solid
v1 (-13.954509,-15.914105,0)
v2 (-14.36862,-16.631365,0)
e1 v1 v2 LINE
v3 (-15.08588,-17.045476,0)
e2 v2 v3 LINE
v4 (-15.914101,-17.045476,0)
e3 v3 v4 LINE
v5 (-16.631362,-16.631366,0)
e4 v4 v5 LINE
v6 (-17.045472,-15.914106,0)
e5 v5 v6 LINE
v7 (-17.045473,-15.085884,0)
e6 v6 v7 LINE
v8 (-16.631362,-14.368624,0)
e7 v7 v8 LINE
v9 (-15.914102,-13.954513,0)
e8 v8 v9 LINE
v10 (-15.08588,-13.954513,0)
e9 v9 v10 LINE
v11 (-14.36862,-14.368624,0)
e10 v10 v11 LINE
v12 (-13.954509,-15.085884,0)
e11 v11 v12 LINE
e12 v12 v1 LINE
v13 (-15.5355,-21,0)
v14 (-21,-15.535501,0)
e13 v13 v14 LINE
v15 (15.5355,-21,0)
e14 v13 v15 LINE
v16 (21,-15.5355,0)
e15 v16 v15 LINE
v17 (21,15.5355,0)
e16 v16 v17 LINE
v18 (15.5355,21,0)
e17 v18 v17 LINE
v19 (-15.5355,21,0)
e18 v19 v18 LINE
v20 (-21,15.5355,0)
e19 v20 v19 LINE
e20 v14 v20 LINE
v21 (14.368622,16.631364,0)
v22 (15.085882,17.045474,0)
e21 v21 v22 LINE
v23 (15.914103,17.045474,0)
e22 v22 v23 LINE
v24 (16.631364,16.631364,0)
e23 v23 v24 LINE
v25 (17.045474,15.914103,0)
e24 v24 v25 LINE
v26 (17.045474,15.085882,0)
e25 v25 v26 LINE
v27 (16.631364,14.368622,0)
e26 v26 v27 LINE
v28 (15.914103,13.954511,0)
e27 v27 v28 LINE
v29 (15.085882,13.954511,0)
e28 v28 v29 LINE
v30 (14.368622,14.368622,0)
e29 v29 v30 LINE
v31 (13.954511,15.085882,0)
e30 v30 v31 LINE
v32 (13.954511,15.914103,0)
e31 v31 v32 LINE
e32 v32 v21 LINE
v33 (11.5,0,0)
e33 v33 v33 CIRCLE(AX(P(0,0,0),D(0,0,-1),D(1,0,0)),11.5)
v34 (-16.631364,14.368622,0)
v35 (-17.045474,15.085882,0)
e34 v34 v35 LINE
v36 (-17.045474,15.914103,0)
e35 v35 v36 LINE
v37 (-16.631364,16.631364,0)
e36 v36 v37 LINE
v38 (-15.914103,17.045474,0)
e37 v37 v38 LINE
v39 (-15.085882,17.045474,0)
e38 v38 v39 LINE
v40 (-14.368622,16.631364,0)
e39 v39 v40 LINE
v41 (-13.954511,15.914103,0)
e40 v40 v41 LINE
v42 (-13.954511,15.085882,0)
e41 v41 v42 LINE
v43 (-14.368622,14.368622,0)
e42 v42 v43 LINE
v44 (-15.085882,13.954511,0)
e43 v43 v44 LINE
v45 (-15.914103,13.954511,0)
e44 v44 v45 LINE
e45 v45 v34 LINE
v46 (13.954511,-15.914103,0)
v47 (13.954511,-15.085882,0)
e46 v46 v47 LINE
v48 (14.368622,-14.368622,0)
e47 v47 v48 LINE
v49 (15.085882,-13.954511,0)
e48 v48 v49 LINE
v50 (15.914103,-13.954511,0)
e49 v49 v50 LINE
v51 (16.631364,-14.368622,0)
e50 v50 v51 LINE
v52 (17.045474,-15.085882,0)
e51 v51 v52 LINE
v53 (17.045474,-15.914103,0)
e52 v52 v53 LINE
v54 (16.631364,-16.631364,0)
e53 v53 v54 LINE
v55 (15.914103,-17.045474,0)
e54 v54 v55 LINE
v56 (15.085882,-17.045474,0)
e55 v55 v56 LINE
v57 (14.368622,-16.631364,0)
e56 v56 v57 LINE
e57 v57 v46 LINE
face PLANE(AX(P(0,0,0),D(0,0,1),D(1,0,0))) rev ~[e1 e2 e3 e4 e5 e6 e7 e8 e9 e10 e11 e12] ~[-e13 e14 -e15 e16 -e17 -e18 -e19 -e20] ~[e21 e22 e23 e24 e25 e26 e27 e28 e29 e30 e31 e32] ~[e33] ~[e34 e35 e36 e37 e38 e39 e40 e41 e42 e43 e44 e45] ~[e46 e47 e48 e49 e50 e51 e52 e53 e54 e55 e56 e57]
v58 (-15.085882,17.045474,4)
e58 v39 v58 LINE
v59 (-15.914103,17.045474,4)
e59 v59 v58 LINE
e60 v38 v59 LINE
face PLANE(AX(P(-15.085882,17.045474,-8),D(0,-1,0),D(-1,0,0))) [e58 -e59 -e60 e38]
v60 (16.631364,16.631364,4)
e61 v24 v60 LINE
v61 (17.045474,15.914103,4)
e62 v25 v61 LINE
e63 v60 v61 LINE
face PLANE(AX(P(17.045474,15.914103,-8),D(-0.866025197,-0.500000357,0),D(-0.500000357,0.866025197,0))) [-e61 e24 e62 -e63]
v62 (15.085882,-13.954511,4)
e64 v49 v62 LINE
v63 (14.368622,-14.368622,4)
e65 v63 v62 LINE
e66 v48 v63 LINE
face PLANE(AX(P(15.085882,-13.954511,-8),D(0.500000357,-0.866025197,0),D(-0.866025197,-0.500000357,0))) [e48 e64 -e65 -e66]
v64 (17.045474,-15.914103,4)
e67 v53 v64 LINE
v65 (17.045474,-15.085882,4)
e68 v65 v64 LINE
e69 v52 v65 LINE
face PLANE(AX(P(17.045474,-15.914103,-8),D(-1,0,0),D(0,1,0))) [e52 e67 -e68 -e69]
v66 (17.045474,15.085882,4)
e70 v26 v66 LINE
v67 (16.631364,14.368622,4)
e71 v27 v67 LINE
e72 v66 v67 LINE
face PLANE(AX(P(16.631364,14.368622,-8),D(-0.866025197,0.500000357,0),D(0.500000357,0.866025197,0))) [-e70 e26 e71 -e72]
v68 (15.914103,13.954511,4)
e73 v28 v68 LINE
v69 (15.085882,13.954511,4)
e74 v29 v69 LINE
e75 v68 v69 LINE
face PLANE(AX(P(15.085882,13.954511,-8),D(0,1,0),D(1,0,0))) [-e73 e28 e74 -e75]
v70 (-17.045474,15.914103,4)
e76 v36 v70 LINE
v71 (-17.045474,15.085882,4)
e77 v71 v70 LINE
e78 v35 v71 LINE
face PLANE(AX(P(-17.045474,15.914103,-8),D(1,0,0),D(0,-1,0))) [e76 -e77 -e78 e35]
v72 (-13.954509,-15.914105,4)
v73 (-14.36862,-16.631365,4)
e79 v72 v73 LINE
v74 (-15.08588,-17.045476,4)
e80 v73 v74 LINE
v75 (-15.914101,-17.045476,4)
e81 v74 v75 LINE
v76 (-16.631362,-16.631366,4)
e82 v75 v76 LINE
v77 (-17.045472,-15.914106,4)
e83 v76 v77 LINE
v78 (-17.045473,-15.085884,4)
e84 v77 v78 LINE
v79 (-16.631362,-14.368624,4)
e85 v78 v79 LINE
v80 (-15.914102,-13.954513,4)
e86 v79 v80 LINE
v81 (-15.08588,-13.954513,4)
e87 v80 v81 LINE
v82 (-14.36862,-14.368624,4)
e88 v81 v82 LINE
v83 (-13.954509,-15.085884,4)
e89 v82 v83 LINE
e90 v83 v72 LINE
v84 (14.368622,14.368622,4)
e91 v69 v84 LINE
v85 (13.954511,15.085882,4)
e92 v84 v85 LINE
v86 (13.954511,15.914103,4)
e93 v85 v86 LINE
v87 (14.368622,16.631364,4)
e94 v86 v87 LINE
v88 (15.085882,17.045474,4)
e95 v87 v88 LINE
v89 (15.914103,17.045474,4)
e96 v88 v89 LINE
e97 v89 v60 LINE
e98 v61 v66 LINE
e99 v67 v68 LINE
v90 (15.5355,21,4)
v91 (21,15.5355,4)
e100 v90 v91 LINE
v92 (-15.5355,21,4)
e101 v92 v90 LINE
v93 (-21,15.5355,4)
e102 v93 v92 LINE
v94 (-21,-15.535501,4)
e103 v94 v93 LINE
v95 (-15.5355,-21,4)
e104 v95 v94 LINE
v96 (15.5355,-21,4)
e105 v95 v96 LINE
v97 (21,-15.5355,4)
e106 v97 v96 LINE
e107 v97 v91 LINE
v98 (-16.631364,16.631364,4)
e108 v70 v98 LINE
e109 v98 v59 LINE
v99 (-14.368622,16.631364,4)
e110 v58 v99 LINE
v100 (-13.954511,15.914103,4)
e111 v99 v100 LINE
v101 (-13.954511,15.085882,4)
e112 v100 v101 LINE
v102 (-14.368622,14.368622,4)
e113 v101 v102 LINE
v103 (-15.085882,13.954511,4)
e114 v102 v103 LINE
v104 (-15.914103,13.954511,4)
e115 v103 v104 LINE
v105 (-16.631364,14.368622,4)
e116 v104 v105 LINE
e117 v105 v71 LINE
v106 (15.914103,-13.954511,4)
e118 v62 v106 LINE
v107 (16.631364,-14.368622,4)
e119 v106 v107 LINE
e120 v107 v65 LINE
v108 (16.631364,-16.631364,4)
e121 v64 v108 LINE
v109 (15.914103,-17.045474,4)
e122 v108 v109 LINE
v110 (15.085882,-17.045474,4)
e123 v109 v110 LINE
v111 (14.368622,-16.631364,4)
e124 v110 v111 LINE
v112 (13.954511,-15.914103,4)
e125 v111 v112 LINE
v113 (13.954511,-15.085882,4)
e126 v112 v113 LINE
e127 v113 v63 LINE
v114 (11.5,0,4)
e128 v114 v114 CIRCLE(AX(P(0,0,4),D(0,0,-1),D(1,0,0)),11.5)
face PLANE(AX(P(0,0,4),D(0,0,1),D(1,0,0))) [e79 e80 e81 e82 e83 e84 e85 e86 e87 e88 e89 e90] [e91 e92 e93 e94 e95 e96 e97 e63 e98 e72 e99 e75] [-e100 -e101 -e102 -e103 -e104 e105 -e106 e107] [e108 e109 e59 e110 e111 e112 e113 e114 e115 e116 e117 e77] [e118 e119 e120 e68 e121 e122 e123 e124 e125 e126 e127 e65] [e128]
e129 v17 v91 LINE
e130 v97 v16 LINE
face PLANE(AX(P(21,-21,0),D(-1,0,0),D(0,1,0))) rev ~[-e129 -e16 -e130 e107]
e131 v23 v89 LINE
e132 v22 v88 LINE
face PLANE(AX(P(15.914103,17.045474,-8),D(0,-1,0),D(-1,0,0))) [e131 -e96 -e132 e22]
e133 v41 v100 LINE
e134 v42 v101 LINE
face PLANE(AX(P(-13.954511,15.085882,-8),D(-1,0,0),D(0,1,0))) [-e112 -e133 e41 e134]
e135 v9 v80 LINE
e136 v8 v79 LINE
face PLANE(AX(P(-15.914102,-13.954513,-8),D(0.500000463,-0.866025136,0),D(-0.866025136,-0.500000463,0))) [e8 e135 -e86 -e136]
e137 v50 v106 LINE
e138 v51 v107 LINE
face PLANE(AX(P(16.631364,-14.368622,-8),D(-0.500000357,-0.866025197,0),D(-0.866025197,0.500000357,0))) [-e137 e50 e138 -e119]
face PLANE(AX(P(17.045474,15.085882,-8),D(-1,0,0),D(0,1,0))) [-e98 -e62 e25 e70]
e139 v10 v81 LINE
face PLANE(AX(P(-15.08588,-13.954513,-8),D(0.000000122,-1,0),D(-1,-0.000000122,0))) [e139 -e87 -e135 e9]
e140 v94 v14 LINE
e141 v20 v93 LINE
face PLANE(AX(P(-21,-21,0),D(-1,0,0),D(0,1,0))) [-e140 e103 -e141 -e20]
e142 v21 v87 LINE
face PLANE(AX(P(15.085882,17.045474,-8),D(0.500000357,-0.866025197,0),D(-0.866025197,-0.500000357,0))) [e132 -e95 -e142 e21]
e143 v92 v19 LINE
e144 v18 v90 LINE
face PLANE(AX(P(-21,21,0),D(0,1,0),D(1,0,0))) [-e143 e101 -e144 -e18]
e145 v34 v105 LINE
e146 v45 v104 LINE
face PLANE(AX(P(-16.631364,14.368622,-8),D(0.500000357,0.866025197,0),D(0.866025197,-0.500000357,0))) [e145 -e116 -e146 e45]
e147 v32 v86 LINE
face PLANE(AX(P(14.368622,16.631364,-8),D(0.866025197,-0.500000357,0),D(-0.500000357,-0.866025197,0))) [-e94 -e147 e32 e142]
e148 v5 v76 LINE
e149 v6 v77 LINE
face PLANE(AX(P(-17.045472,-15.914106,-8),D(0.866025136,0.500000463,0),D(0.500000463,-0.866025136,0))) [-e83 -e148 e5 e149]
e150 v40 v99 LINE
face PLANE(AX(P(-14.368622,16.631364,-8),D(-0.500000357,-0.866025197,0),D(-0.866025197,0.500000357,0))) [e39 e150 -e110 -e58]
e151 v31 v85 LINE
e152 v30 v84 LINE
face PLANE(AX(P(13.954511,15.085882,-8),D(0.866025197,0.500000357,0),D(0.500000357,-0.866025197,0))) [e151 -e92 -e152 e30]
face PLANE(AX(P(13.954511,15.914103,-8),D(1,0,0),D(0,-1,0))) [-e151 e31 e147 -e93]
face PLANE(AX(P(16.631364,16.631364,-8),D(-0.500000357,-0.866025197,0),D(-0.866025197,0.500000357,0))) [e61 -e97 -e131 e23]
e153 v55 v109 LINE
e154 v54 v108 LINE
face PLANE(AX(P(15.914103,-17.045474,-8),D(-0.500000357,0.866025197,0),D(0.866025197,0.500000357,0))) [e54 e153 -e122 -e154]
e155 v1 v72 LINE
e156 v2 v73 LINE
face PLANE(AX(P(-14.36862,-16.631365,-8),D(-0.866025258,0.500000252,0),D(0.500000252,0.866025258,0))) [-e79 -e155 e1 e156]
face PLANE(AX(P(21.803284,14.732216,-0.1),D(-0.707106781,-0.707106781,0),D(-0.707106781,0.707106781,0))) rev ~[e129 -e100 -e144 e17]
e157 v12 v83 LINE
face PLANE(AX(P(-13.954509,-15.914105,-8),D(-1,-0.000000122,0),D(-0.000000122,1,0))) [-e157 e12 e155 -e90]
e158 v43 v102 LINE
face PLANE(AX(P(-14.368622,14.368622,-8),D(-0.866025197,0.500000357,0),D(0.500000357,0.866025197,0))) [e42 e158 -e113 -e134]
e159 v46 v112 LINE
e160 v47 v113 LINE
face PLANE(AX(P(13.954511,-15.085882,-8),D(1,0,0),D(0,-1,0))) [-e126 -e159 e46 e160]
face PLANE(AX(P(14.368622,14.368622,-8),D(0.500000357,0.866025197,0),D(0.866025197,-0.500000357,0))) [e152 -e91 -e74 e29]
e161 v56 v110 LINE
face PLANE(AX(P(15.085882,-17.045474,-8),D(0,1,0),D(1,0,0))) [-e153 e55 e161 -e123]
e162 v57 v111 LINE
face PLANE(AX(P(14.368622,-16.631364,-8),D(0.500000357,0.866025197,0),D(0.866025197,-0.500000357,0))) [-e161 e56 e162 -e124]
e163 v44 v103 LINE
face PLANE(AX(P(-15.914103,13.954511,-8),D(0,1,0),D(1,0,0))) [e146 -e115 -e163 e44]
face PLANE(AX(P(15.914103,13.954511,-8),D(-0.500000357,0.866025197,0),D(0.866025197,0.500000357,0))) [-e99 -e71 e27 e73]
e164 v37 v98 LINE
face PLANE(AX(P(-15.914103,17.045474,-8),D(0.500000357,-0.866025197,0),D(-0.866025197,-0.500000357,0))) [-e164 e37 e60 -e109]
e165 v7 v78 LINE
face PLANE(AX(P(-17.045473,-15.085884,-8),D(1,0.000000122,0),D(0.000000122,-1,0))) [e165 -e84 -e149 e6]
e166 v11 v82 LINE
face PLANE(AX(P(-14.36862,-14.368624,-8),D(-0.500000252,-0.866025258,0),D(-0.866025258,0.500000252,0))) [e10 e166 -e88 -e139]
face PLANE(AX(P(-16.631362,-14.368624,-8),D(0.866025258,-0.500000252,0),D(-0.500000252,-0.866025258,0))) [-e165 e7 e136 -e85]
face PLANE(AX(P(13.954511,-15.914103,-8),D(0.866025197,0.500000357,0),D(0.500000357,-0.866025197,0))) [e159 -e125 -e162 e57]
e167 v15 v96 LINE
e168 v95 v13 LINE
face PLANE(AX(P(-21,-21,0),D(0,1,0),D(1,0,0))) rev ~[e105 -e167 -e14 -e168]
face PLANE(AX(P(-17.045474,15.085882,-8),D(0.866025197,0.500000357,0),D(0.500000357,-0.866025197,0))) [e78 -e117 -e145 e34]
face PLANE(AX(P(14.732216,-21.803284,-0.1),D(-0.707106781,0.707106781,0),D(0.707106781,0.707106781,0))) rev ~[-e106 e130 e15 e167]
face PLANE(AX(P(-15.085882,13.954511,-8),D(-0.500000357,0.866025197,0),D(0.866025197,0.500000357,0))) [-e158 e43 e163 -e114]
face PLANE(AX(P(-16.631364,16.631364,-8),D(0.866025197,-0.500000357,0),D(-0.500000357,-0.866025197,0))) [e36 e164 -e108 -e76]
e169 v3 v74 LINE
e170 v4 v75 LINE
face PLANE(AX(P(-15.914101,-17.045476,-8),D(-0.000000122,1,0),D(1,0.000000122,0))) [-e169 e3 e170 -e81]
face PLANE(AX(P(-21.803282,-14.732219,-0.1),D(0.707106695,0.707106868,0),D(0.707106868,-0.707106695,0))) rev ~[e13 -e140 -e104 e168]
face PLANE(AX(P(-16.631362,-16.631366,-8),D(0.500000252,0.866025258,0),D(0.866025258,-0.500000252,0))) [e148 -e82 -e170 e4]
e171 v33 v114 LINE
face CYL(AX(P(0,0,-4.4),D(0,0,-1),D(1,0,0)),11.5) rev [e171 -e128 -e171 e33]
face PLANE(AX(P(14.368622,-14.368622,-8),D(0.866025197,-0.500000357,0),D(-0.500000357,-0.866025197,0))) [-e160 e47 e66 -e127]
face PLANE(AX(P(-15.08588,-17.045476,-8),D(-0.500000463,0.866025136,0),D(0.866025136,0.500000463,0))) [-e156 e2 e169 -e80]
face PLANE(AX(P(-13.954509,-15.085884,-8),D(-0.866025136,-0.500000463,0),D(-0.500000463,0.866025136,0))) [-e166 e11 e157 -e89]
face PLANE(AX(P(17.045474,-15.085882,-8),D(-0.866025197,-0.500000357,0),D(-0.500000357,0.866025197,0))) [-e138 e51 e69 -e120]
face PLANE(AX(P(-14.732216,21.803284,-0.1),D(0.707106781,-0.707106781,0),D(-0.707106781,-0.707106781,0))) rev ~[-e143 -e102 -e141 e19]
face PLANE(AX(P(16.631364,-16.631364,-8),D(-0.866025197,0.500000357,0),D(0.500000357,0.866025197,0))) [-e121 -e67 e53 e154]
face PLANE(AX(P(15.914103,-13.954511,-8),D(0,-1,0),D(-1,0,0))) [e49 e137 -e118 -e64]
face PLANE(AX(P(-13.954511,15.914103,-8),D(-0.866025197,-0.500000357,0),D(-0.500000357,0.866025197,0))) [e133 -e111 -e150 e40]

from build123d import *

# Parameters (mm, degrees)
CYLINDER_R               = 11.5
CYLINDER_DEPTH           = 8.8
PRISM001_DEPTH           = 16
CUBE002_W                = 5
CUBE002_H                = 10
CUBE002_DEPTH            = 4.2
UNION001_PLACEMENT_ANGLE = 135
PRISM002_DEPTH           = 16
CUBE003_W                = 5
CUBE003_H                = 10
CUBE003_DEPTH            = 4.2
UNION002_PLACEMENT_ANGLE = 225.000007
PRISM003_DEPTH           = 16
CUBE004_W                = 5
CUBE004_H                = 10
CUBE004_DEPTH            = 4.2
UNION003_PLACEMENT_ANGLE = -45
PRISM_DEPTH              = 16
CUBE001_W                = 5
CUBE001_H                = 10
CUBE001_DEPTH            = 4.2
UNION_PLACEMENT_ANGLE    = 45
CUBE_W                   = 42
CUBE_H                   = 42
CUBE_DEPTH               = 4


with BuildPart() as cylinder:
    # cylinder → cylinder (new body)
    with BuildSketch(Plane.XY.offset(-4.4)):
        Circle(CYLINDER_R)
    extrude(amount=CYLINDER_DEPTH)


with BuildPart() as prism001:
    # prism001 → prism001 (new body)
    with BuildSketch(Plane(origin=(21.9203, 0, -8), x_dir=(1, 0, 0), z_dir=(0, 0, 1))):
        Polygon((1.6, 0), (1.385641, 0.8), (0.8, 1.385641), (0, 1.6), (-0.8, 1.385641), (-1.385641, 0.8), (-1.6, 0), (-1.385641, -0.8), (-0.8, -1.385641), (0, -1.6), (0.8, -1.385641), (1.385641, -0.8), align=None)
    extrude(amount=PRISM001_DEPTH)


with BuildPart() as union001:
    # cube002 → cube002 (new body)
    with BuildSketch(Plane(origin=(25.8345, -5, -0.1), x_dir=(1, 0, 0), z_dir=(0, 0, 1))):
        with Locations((2.5, 5)):
            Rectangle(CUBE002_W, CUBE002_H)
    extrude(amount=CUBE002_DEPTH)

    # union001: union prism001
    add(prism001.part)


with BuildPart() as union001_1:
    # union001 placement: moved
    add(union001.part.rotate(Axis((0, 0, 0), (0, 0, 1)), UNION001_PLACEMENT_ANGLE))


with BuildPart() as prism002:
    # prism002 → prism002 (new body)
    with BuildSketch(Plane(origin=(21.9203, 0, -8), x_dir=(1, 0, 0), z_dir=(0, 0, 1))):
        Polygon((1.6, 0), (1.385641, 0.8), (0.8, 1.385641), (0, 1.6), (-0.8, 1.385641), (-1.385641, 0.8), (-1.6, 0), (-1.385641, -0.8), (-0.8, -1.385641), (0, -1.6), (0.8, -1.385641), (1.385641, -0.8), align=None)
    extrude(amount=PRISM002_DEPTH)


with BuildPart() as union002:
    # cube003 → cube003 (new body)
    with BuildSketch(Plane(origin=(25.8345, -5, -0.1), x_dir=(1, 0, 0), z_dir=(0, 0, 1))):
        with Locations((2.5, 5)):
            Rectangle(CUBE003_W, CUBE003_H)
    extrude(amount=CUBE003_DEPTH)

    # union002: union prism002
    add(prism002.part)


with BuildPart() as union002_1:
    # union002 placement: moved
    add(union002.part.rotate(Axis((0, 0, 0), (0, 0, 1)), UNION002_PLACEMENT_ANGLE))


with BuildPart() as prism003:
    # prism003 → prism003 (new body)
    with BuildSketch(Plane(origin=(21.9203, 0, -8), x_dir=(1, 0, 0), z_dir=(0, 0, 1))):
        Polygon((1.6, 0), (1.385641, 0.8), (0.8, 1.385641), (0, 1.6), (-0.8, 1.385641), (-1.385641, 0.8), (-1.6, 0), (-1.385641, -0.8), (-0.8, -1.385641), (0, -1.6), (0.8, -1.385641), (1.385641, -0.8), align=None)
    extrude(amount=PRISM003_DEPTH)


with BuildPart() as union003:
    # cube004 → cube004 (new body)
    with BuildSketch(Plane(origin=(25.8345, -5, -0.1), x_dir=(1, 0, 0), z_dir=(0, 0, 1))):
        with Locations((2.5, 5)):
            Rectangle(CUBE004_W, CUBE004_H)
    extrude(amount=CUBE004_DEPTH)

    # union003: union prism003
    add(prism003.part)


with BuildPart() as union003_1:
    # union003 placement: moved
    add(union003.part.rotate(Axis((0, 0, 0), (0, 0, 1)), UNION003_PLACEMENT_ANGLE))


with BuildPart() as prism:
    # prism → prism (new body)
    with BuildSketch(Plane(origin=(21.9203, 0, -8), x_dir=(1, 0, 0), z_dir=(0, 0, 1))):
        Polygon((1.6, 0), (1.385641, 0.8), (0.8, 1.385641), (0, 1.6), (-0.8, 1.385641), (-1.385641, 0.8), (-1.6, 0), (-1.385641, -0.8), (-0.8, -1.385641), (0, -1.6), (0.8, -1.385641), (1.385641, -0.8), align=None)
    extrude(amount=PRISM_DEPTH)


with BuildPart() as union004:
    # cube001 → cube001 (new body)
    with BuildSketch(Plane(origin=(25.8345, -5, -0.1), x_dir=(1, 0, 0), z_dir=(0, 0, 1))):
        with Locations((2.5, 5)):
            Rectangle(CUBE001_W, CUBE001_H)
    extrude(amount=CUBE001_DEPTH)

    # union: union prism
    add(prism.part)


with BuildPart() as union004_1:
    # union placement: moved
    add(union004.part.rotate(Axis((0, 0, 0), (0, 0, 1)), UNION_PLACEMENT_ANGLE))

    # Group: union union001, union002, union003
    add(union001_1.part)
    add(union002_1.part)
    add(union003_1.part)

    # union004: union cylinder
    add(cylinder.part)


with BuildPart() as difference:
    # cube → cube (new body)
    with BuildSketch(Plane(origin=(-21, -21, 0), x_dir=(1, 0, 0), z_dir=(0, 0, 1))):
        with Locations((21, 21)):
            Rectangle(CUBE_W, CUBE_H)
    extrude(amount=CUBE_DEPTH)

    # difference: cut union004
    add(union004_1.part, mode=Mode.SUBTRACT)


solid = difference.part
